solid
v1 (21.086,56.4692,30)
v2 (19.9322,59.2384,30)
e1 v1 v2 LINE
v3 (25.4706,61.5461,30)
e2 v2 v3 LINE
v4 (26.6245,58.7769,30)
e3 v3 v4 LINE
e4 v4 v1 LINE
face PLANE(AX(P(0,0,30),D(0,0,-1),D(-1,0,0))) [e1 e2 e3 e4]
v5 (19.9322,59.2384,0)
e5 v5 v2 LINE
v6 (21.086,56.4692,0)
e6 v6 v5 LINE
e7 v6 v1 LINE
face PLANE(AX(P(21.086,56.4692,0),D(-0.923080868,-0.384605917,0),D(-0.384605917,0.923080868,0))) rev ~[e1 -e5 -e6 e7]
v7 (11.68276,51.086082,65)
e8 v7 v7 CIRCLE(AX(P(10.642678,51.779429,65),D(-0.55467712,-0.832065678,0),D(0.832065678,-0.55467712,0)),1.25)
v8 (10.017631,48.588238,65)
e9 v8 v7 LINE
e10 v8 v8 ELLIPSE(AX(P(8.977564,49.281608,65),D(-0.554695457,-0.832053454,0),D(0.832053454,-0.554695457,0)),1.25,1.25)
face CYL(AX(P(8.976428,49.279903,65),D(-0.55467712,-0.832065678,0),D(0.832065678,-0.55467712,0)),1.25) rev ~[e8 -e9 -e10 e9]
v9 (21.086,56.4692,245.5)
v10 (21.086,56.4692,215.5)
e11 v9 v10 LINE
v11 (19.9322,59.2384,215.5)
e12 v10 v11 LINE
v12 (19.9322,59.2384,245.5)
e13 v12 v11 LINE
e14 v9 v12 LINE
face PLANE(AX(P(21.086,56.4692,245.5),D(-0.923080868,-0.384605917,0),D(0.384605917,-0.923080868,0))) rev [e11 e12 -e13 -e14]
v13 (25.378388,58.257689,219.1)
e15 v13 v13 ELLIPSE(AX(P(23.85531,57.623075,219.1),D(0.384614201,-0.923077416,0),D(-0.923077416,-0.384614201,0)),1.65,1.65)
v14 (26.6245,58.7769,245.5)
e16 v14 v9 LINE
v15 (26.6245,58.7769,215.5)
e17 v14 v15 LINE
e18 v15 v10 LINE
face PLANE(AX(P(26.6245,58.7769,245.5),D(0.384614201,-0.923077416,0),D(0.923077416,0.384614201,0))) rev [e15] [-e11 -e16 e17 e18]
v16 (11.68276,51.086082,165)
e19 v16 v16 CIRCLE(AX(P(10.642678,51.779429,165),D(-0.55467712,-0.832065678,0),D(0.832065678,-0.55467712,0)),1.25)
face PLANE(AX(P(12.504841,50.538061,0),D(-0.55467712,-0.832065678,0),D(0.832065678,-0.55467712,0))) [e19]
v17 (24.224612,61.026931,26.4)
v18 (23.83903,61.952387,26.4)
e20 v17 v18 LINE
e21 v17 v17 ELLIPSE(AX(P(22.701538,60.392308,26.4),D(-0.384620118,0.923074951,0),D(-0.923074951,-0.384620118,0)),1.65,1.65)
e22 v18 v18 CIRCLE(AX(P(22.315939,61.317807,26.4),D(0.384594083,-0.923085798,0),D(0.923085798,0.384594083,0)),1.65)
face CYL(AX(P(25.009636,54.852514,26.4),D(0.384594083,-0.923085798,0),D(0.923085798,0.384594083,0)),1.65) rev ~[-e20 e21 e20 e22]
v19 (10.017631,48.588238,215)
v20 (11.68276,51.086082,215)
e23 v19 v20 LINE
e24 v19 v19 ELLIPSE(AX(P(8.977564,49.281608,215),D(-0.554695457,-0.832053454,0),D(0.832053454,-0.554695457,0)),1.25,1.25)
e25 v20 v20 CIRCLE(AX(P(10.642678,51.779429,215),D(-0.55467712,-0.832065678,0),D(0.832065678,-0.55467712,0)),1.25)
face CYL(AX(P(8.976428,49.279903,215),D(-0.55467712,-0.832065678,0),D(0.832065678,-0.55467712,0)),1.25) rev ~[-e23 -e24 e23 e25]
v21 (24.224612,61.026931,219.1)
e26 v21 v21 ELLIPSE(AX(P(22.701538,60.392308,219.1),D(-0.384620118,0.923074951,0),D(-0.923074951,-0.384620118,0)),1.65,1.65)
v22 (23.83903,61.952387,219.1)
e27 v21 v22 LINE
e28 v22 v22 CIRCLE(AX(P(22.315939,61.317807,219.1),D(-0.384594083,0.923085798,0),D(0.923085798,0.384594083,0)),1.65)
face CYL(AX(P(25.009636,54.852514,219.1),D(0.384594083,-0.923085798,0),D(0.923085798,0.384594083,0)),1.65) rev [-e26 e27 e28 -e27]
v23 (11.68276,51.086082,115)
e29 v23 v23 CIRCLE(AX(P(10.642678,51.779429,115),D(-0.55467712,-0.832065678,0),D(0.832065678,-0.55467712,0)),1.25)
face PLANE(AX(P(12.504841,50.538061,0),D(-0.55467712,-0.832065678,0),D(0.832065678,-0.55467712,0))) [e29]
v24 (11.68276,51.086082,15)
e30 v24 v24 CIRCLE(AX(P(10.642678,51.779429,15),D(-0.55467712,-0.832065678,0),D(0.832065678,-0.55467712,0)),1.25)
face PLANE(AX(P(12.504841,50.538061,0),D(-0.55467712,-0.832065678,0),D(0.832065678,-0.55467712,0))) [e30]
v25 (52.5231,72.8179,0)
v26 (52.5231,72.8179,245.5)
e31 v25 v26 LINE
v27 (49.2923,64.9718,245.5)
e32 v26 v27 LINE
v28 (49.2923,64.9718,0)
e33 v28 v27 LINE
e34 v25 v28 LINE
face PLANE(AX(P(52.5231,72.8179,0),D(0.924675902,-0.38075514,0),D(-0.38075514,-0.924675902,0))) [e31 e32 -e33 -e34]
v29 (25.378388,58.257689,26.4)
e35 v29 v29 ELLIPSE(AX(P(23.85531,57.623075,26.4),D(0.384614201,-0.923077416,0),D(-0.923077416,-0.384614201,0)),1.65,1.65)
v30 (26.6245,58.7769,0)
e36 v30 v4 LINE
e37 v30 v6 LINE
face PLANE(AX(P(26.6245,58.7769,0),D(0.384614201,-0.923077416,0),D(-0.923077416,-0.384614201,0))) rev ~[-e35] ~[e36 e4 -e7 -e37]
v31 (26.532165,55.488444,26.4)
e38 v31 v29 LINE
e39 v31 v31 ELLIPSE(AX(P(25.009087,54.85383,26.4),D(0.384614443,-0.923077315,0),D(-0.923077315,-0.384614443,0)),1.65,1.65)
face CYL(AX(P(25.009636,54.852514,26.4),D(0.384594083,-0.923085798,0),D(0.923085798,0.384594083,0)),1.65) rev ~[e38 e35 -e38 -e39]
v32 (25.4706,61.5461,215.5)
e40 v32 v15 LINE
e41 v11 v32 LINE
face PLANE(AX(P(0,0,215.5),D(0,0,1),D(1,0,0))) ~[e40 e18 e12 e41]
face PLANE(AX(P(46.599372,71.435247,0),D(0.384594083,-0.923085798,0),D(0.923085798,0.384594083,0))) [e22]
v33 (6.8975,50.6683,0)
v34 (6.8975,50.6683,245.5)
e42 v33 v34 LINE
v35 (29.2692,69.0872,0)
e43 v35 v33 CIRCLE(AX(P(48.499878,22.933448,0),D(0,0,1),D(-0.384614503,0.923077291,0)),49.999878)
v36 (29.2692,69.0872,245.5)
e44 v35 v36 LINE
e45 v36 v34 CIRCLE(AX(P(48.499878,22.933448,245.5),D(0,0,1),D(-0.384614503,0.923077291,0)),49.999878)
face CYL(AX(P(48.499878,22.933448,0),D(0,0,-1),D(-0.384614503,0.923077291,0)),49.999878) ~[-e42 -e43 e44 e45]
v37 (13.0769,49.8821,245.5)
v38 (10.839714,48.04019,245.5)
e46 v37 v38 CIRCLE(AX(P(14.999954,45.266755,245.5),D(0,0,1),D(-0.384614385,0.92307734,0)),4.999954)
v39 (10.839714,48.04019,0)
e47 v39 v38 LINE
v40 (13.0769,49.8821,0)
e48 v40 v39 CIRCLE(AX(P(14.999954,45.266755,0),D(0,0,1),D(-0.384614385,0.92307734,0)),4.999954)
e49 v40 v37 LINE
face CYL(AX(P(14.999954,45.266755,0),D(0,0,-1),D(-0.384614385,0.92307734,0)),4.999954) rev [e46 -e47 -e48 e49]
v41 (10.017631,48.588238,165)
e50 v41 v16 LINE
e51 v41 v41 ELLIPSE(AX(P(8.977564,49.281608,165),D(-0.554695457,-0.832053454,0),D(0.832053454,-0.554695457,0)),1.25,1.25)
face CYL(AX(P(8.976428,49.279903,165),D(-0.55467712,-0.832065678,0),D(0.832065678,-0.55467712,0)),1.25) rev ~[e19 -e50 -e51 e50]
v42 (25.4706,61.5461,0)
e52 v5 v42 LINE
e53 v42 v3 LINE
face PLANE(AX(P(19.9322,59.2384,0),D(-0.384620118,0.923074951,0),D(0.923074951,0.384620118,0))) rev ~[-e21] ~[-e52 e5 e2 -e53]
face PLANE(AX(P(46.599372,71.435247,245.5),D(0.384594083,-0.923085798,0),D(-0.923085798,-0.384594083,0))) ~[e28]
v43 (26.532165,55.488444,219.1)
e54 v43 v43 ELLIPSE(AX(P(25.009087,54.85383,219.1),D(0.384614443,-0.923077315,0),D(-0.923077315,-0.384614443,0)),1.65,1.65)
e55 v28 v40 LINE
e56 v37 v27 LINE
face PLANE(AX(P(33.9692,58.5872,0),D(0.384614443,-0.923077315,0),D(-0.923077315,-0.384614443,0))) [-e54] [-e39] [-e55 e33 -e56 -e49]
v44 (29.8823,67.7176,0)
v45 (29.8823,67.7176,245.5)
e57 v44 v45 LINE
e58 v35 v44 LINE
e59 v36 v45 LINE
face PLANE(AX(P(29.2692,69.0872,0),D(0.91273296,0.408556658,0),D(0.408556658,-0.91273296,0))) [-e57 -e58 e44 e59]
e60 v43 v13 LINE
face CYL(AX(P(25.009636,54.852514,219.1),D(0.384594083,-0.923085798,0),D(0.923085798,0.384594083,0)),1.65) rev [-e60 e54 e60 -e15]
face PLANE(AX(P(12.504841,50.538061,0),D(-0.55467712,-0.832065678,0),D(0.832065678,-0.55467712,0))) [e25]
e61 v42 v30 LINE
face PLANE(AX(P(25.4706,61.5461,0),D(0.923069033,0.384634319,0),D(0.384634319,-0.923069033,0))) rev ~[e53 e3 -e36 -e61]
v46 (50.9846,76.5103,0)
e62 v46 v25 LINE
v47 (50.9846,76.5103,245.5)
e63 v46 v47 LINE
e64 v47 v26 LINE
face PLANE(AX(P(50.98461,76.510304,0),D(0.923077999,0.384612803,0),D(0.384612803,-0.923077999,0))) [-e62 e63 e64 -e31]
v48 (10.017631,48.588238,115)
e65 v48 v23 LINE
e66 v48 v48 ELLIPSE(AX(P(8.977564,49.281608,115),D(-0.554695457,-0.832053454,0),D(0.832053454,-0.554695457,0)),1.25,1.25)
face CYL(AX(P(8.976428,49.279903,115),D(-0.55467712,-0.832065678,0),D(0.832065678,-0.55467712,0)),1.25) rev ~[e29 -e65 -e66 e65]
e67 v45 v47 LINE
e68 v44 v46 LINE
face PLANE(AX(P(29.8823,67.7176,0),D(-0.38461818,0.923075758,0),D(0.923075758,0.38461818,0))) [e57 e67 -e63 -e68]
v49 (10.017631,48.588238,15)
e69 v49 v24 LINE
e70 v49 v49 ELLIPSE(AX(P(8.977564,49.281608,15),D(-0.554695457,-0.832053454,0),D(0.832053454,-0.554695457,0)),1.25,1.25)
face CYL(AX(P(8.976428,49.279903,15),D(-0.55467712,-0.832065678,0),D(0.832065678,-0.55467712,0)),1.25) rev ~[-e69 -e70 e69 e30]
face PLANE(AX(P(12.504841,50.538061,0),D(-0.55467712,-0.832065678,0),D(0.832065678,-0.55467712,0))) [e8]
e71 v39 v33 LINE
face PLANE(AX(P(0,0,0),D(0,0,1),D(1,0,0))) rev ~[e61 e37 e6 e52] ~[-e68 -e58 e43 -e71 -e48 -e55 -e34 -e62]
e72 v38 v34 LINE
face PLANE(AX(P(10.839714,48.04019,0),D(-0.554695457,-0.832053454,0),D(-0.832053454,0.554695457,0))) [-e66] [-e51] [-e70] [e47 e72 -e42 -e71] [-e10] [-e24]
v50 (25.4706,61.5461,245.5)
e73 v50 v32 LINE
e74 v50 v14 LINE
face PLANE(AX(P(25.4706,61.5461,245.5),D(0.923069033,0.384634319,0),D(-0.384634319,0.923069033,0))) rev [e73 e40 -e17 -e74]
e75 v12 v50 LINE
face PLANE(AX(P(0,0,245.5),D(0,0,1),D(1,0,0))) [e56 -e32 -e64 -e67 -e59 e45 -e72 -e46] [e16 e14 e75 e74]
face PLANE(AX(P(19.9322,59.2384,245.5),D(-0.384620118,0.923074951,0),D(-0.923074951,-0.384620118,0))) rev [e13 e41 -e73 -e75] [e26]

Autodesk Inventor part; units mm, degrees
ref_plane "YZ Plane" through (0, 0, 0) normal (1, 0, 0) x (0, 1, 0)
ref_plane "XZ Plane" through (0, 0, 0) normal (0, 1, 0) x (-1, 0, 0)
sketch "Sketch1" plane through (0, 0, 0) normal (0, 0, 1) x (1, 0, 0)
  line L0 (10, 0) -> (-1.5, 0) projected
  line L1 (10, 45.2667) -> (10, 0) projected
  arc A0 (13.0769, 49.8821) -> (10, 45.2667) centre (15, 45.2667) ccw projected
  line L2 (54.8615, 67.2923) -> (13.0769, 49.8821) projected
  line L3 (50.4385, 77.9077) -> (54.8615, 67.2923) projected
  line L4 (50.4385, 77.9077) -> (29.2692, 69.0872) projected
  arc A1 (29.2692, 69.0872) -> (-1.5, 22.9333) centre (48.5, 22.9333) ccw projected
  line L5 (-1.5, 0) -> (-1.5, 22.9333) projected
  line L6 (29.2692, 69.0872) -> (33.9692, 58.5872)
  line L7 (15, 45.2667) -> (6.8975, 50.6683)
  line L8 (29.2692, 69.0872) -> (50.4077, 77.8949)
  line L9 (50.4077, 77.8949) -> (52.5231, 72.8179)
  line L10 (52.5231, 72.8179) -> (49.2923, 64.9718)
  line L11 (29.8823, 67.7176) -> (50.9846, 76.5103)
  point P0 (0, 0)
  point P1 (10.8397, 48.0402)
  dimension "d2" = 22.9
  dimension "d3" = 5.5
  dimension "d4" = 45
  dimension "d5" = 1.5
extrude "Extrusion1" add sketch "Sketch1" along normal blind 245.5 contours L7 A1 L6 L2 A0 | L6 L11 L9 L10 L2
sketch "Sketch2" plane through (10.8397, 48.0402, 0) normal (-0.5547, -0.8321, 0) x (0.8321, -0.5547, 0)
  line L0 (-4.738, 0) -> (0, 0) projected
  line L1 (0, 0) -> (0, 245.5) projected
  line L2 (-4.738, 245.5) -> (0, 245.5) projected
  line L3 (-4.738, 0) -> (-4.738, 245.5) projected
  circle A0 centre (-2.238, 15) radius 1.25
  circle A1 centre (-2.238, 65) radius 1.25
  circle A2 centre (-2.238, 115) radius 1.25
  circle A3 centre (-2.238, 165) radius 1.25
  circle A4 centre (-2.238, 215) radius 1.25
  point P0 (17.6287, 0)
  dimension "d6" = 2.5
  dimension "d7" = 2.5
  dimension "d8" = 15
  dimension "d11" = 50
extrude "Extrusion2" cut sketch "Sketch2" against normal blind 3 contours A0 | A1 | A2 | A3 | A4
sketch "Sketch3" plane through (0, 0, 0) normal (0, 0, -1) x (-1, 0, 0)
  line L0 (-13.0769, 49.8821) -> (-49.2923, 64.9718) projected
  line L1 (-26.6245, 58.7769) -> (-21.086, 56.4692)
  line L2 (-21.086, 56.4692) -> (-19.9322, 59.2384)
  line L3 (-19.9322, 59.2384) -> (-25.4706, 61.5461)
  line L4 (-25.4706, 61.5461) -> (-26.6245, 58.7769)
  arc A0 (-10.8397, 48.0402) -> (-13.0769, 49.8821) centre (-15, 45.2667) ccw projected
  line L5 (-6.8975, 50.6683) -> (-10.8397, 48.0402) projected
  arc A1 (-6.8975, 50.6683) -> (-29.2692, 69.0872) centre (-48.5, 22.9333) ccw projected
  line L6 (-29.8823, 67.7176) -> (-29.2692, 69.0872) projected
  line L7 (-50.9846, 76.5103) -> (-29.8823, 67.7176) projected
  line L8 (-52.5231, 72.8179) -> (-50.9846, 76.5103) projected
  line L9 (-49.2923, 64.9718) -> (-52.5231, 72.8179) projected
  line L10 (-13.0769, 49.8821) -> (-49.2923, 64.9718) projected
  point P0 (0, 0)
  dimension "d20" = 6
  dimension "d21" = 3
  dimension "d22" = 3
  dimension "d32" = 12.7
extrude "Extrusion3" cut sketch "Sketch3" against normal blind 30 contours L4 L3 L2 L1
sketch "Sketch4" plane through (49.2923, 64.9718, 0) normal (0.3846, -0.9231, 0) x (0.9231, 0.3846, 0)
  line L0 (-29.3068, 0) -> (-23.3068, 0) projected
  line L1 (-29.3068, 0) -> (-29.3068, 30) projected
  line L2 (-29.3068, 30) -> (-23.3068, 30) projected
  line L3 (-23.3068, 0) -> (-23.3068, 30) projected
  circle A0 centre (-26.3068, 26.4) radius 1.65
  line L4 (-26.3068, 29.7486) -> (-23.4068, 28.0743)
  line L5 (-23.4068, 28.0743) -> (-23.4068, 24.7257)
  line L6 (-23.4068, 24.7257) -> (-26.3068, 23.0514)
  line L7 (-26.3068, 23.0514) -> (-29.2068, 24.7257)
  line L8 (-29.2068, 24.7257) -> (-29.2068, 28.0743)
  line L9 (-29.2068, 28.0743) -> (-26.3068, 29.7486)
  point P0 (-70.4897, 0)
  point P1 (-26.3068, 30)
  dimension "d26" = 3.3
  dimension "d27" = 3.6
  dimension "d28" = 5.8
extrude "Extrusion4" cut sketch "Sketch4" against normal blind 7 contours A0
ref_plane "Work Plane1" through (0, 0, 122.75) normal (0, 0, -1) x (-1, 0, 0)
mirror "Mirror1" about plane through (0, 0, 122.75) normal (0, 0, -1) of "Extrusion4", "Extrusion3"
properties part number "ESQUINA_REDONDEADA_R50"
